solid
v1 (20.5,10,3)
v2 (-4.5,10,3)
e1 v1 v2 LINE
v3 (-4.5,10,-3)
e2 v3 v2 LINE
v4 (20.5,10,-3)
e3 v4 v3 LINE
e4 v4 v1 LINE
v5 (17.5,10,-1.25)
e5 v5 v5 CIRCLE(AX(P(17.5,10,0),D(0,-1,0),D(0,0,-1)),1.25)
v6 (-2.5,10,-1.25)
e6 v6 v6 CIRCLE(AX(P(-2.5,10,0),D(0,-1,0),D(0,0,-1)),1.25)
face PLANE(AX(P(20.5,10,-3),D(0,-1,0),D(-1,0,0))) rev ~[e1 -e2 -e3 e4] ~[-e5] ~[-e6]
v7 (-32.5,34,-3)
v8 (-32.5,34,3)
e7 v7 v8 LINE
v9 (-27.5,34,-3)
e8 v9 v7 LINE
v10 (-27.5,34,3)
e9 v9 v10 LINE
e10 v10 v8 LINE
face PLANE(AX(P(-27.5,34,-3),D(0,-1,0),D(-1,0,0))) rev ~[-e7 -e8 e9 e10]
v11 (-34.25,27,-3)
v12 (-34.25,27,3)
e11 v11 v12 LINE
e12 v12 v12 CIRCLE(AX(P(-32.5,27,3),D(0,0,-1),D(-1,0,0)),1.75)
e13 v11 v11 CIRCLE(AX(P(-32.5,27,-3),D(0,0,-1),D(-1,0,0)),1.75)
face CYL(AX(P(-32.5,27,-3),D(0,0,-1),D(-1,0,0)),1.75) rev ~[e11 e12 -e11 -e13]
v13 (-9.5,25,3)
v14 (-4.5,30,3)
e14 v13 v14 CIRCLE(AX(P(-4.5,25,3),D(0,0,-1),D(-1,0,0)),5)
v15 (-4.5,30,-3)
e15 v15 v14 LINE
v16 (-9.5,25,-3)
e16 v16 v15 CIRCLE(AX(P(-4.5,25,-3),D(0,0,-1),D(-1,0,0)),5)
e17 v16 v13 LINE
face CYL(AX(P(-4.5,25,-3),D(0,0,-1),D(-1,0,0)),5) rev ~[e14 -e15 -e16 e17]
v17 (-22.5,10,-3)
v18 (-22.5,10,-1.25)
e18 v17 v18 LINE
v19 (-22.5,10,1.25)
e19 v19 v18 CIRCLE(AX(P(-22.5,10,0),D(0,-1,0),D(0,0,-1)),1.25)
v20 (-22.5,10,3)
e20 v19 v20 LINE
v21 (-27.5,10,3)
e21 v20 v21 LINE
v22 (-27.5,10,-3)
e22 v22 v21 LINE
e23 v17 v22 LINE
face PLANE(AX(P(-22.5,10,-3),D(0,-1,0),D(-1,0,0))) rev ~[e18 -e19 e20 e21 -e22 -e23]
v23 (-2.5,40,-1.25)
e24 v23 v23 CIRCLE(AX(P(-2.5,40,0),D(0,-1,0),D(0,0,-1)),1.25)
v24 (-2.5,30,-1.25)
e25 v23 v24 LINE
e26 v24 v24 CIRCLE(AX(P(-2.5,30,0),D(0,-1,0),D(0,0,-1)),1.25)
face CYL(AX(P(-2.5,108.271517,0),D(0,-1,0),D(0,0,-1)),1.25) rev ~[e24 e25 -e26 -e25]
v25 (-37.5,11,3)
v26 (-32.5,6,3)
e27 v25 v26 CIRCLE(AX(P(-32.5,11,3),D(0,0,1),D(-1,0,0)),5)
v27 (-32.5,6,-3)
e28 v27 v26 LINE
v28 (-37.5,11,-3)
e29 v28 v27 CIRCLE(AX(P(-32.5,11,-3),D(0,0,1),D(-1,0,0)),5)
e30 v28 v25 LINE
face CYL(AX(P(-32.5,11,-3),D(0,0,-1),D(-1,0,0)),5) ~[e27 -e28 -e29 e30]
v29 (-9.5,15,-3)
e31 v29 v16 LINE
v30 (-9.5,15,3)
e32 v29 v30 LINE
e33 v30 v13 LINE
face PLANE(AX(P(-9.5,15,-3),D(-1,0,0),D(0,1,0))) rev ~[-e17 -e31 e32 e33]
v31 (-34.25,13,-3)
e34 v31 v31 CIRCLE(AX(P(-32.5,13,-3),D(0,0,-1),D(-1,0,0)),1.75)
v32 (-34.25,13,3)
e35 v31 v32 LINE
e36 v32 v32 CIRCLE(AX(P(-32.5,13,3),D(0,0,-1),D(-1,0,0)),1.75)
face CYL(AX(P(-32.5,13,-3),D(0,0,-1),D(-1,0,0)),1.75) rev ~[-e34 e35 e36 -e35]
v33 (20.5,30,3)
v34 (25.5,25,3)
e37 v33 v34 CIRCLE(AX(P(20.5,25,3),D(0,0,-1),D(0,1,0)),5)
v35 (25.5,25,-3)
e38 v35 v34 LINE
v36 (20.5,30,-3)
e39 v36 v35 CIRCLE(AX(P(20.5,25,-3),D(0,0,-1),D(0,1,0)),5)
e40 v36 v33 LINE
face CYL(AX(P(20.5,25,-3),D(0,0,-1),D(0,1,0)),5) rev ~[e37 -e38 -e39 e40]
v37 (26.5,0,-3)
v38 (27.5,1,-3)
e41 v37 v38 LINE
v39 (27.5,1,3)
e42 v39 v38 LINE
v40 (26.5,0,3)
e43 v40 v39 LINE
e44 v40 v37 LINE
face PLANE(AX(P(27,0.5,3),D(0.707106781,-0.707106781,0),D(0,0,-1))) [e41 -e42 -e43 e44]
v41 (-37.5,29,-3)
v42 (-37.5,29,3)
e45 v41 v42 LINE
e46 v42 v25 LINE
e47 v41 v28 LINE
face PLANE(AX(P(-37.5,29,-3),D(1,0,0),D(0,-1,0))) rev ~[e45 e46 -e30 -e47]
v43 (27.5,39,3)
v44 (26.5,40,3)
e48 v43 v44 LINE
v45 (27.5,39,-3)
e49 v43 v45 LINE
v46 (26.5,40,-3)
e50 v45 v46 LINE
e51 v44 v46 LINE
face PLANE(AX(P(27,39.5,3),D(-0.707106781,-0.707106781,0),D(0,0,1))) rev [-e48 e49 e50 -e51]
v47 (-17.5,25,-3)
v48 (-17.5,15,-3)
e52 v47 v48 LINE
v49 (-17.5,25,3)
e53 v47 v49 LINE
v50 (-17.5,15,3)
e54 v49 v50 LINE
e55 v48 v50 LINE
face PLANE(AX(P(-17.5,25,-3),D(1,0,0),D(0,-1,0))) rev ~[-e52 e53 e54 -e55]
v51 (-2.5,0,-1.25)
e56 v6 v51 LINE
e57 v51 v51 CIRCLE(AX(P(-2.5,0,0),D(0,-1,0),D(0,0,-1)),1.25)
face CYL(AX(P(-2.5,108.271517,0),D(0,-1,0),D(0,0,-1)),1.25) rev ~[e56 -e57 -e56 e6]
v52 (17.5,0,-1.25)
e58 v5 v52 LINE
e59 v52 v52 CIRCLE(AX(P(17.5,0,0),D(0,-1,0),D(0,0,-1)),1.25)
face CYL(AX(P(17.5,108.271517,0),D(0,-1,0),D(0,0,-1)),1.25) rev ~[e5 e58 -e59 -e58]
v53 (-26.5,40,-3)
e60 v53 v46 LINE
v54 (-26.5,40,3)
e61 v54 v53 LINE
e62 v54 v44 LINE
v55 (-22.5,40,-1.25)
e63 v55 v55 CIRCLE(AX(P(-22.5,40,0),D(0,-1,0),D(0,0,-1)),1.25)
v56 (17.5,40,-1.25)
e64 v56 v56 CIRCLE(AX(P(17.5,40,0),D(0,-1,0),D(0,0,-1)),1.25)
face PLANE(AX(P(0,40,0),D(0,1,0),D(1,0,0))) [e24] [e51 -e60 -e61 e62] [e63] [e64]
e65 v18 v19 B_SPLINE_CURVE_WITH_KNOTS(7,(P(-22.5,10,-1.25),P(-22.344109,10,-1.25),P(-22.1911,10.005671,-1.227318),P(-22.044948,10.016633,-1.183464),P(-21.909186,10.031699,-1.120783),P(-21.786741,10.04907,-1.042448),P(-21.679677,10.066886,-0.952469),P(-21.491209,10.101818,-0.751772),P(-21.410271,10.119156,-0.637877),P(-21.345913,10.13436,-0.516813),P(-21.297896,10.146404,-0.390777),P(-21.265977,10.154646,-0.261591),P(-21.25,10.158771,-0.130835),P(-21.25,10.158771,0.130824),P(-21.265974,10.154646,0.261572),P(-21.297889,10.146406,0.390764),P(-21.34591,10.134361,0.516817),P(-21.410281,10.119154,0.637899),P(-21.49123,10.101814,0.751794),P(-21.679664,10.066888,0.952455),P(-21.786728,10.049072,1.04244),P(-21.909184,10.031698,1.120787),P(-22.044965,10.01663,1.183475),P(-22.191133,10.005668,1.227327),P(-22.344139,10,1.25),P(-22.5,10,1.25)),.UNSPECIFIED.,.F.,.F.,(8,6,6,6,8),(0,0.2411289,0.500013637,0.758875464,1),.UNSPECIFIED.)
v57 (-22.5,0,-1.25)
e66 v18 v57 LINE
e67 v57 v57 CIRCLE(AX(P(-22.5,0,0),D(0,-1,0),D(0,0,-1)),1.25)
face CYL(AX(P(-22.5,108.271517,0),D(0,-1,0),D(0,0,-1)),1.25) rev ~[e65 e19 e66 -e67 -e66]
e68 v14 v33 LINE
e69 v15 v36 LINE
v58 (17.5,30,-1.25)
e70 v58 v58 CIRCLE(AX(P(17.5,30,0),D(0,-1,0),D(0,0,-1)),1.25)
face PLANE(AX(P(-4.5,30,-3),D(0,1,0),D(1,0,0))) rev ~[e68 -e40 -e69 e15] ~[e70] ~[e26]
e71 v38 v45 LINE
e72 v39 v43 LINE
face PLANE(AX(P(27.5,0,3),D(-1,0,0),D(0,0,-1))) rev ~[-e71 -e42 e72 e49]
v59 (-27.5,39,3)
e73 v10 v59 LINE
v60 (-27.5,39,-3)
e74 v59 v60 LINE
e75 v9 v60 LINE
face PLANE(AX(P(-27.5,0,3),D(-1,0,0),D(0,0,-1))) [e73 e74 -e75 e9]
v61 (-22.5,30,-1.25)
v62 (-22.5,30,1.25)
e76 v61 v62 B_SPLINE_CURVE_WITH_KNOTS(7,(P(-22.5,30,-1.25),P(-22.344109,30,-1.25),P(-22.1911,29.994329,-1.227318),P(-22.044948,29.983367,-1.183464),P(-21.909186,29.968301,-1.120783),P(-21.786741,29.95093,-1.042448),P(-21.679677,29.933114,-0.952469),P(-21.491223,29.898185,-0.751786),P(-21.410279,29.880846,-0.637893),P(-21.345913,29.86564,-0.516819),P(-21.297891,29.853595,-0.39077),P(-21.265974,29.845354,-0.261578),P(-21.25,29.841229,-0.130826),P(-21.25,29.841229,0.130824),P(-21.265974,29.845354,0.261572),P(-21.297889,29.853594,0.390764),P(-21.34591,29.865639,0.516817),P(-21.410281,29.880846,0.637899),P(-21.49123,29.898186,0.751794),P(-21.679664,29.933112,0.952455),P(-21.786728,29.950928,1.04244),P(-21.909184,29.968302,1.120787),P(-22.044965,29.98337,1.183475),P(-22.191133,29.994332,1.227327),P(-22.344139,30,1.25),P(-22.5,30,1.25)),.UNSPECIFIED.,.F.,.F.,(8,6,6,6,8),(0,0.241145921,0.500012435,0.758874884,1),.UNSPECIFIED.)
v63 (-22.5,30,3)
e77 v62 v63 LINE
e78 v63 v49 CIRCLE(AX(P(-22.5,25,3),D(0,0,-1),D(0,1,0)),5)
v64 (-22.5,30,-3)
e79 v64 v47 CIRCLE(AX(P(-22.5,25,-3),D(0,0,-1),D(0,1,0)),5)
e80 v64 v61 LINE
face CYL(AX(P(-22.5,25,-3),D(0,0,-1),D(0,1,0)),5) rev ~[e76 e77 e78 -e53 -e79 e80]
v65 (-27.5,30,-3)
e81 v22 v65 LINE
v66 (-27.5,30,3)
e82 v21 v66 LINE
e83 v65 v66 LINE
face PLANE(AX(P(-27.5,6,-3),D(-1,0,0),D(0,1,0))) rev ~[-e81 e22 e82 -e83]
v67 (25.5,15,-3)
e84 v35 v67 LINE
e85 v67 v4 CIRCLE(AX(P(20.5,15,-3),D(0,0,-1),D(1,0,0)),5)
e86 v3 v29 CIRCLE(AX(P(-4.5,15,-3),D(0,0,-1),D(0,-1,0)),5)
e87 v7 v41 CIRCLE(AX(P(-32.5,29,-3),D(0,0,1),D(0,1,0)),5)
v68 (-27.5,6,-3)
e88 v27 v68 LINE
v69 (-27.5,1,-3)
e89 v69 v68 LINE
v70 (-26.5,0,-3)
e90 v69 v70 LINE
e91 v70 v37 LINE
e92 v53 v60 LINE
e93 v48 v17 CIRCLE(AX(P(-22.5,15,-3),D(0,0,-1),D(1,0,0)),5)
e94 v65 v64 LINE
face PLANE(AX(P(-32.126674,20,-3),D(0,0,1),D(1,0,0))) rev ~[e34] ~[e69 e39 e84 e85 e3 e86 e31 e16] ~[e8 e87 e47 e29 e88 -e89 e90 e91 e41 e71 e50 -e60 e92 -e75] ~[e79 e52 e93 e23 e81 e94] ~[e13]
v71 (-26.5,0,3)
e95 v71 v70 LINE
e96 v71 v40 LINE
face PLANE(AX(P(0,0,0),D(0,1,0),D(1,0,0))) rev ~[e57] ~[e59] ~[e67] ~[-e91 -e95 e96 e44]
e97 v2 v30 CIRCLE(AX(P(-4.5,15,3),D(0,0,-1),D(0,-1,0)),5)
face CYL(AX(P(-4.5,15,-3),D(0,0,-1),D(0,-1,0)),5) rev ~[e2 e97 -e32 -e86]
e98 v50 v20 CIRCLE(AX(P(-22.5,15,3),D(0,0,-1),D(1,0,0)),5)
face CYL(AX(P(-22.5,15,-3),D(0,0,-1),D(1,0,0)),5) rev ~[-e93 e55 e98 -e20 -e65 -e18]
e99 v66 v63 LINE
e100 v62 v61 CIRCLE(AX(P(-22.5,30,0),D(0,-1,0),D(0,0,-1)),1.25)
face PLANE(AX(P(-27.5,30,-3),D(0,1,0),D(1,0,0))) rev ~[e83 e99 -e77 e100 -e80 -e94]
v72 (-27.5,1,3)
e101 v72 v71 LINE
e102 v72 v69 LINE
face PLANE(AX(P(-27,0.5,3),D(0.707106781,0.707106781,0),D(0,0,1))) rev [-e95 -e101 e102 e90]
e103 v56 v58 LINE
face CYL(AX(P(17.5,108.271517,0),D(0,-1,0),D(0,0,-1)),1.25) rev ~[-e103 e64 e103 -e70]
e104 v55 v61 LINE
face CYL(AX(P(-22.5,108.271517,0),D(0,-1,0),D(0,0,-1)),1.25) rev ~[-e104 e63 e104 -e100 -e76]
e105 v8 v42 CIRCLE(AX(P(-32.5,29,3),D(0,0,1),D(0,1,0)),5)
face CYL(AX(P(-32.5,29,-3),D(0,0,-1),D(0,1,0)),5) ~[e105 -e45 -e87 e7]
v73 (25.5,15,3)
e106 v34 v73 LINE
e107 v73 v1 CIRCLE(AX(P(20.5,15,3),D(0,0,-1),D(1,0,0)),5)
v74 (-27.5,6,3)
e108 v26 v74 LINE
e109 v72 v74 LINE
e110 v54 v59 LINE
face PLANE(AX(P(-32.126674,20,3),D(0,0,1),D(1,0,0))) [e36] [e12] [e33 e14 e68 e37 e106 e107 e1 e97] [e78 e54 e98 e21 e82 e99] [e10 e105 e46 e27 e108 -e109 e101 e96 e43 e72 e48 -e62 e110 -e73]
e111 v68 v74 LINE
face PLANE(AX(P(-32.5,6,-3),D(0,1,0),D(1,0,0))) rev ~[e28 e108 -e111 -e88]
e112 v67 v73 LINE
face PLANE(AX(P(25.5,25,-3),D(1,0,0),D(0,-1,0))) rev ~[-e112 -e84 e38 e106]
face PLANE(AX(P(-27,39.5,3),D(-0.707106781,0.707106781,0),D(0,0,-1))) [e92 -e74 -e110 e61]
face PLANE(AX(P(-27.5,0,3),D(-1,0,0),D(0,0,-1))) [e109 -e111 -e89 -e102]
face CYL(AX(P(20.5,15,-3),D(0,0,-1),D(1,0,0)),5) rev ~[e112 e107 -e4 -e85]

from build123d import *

# Parameters (mm, degrees)
SKETCH1_W           = 55
SKETCH1_H           = 6
BOSS_EXTRUDE1_DEPTH = 40
M3_TAPPED_HOLE1_D   = 2.5
CUT_EXTRUDE1_DEPTH  = 40
CHAMFER1_SIZE       = 1
SKETCH9_R           = 1.75
BOSS_EXTRUDE4_DEPTH = 6


with BuildPart() as part:
    # Sketch1 → Boss-Extrude1 (new body)
    with BuildSketch(Plane(origin=(0, 0, 0), x_dir=(1, 0, 0), z_dir=(0, 1, 0))):
        Rectangle(SKETCH1_W, SKETCH1_H)
    extrude(amount=BOSS_EXTRUDE1_DEPTH)

    # M3 Tapped Hole1 (through all)
    with Locations(Plane(origin=(-22.5, 40, 0), x_dir=(0, 0, 1), z_dir=(0, 1, 0))):
        with Locations((0, 0), (0, 20), (0, 40)):
            Hole(M3_TAPPED_HOLE1_D / 2)

    # Sketch7 → Cut-Extrude1 (cut)
    with BuildSketch(Plane(origin=(0, 0, -3), x_dir=(-1, 0, 0), z_dir=(0, 0, -1))):
        with BuildLine():
            Line((27.5, 30), (22.5, 30))
            ThreePointArc((22.5, 30), (18.964466094, 28.535533906), (17.5, 25))
            Line((17.5, 25), (17.5, 15))
            ThreePointArc((17.5, 15), (18.964466094, 11.464466094), (22.5, 10))
            Line((22.5, 10), (27.5, 10))
            Line((27.5, 10), (27.5, 30))
        make_face()
        with BuildLine():
            Line((4.5, 30), (-20.5, 30))
            ThreePointArc((-20.5, 30), (-24.035533906, 28.535533906), (-25.5, 25))
            Line((-25.5, 25), (-25.5, 15))
            ThreePointArc((-25.5, 15), (-24.035533906, 11.464466094), (-20.5, 10))
            Line((-20.5, 10), (4.5, 10))
            ThreePointArc((4.5, 10), (8.035533906, 11.464466094), (9.5, 15))
            Line((9.5, 15), (9.5, 25))
            ThreePointArc((9.5, 25), (8.035533906, 28.535533906), (4.5, 30))
        make_face()
    extrude(amount=-CUT_EXTRUDE1_DEPTH, mode=Mode.SUBTRACT)

    # Chamfer1
    chamfer1_edges = [part.edges().sort_by_distance(p)[0] for p in [
        (-27.5, 40, 0),
        (27.5, 40, 0),
        (-27.5, 0, 0),
        (27.5, 0, 0),
    ]]
    chamfer(chamfer1_edges, length=CHAMFER1_SIZE)

    # Sketch9 → Boss-Extrude4 (add)
    with BuildSketch(Plane(origin=(0, 0, -3), x_dir=(-1, 0, 0), z_dir=(0, 0, -1))):
        with BuildLine():
            Line((27.5, 34), (32.5, 34))
            ThreePointArc((32.5, 34), (36.035533906, 32.535533906), (37.5, 29))
            Line((37.5, 29), (37.5, 11))
            ThreePointArc((37.5, 11), (36.035533906, 7.464466094), (32.5, 6))
            Line((32.5, 6), (27.5, 6))
            Line((27.5, 6), (27.5, 34))
        make_face()
        with Locations((32.5, 27)):
            Circle(SKETCH9_R, mode=Mode.SUBTRACT)
        with Locations((32.5, 13)):
            Circle(SKETCH9_R, mode=Mode.SUBTRACT)
    extrude(amount=-BOSS_EXTRUDE4_DEPTH)


solid = part.part
